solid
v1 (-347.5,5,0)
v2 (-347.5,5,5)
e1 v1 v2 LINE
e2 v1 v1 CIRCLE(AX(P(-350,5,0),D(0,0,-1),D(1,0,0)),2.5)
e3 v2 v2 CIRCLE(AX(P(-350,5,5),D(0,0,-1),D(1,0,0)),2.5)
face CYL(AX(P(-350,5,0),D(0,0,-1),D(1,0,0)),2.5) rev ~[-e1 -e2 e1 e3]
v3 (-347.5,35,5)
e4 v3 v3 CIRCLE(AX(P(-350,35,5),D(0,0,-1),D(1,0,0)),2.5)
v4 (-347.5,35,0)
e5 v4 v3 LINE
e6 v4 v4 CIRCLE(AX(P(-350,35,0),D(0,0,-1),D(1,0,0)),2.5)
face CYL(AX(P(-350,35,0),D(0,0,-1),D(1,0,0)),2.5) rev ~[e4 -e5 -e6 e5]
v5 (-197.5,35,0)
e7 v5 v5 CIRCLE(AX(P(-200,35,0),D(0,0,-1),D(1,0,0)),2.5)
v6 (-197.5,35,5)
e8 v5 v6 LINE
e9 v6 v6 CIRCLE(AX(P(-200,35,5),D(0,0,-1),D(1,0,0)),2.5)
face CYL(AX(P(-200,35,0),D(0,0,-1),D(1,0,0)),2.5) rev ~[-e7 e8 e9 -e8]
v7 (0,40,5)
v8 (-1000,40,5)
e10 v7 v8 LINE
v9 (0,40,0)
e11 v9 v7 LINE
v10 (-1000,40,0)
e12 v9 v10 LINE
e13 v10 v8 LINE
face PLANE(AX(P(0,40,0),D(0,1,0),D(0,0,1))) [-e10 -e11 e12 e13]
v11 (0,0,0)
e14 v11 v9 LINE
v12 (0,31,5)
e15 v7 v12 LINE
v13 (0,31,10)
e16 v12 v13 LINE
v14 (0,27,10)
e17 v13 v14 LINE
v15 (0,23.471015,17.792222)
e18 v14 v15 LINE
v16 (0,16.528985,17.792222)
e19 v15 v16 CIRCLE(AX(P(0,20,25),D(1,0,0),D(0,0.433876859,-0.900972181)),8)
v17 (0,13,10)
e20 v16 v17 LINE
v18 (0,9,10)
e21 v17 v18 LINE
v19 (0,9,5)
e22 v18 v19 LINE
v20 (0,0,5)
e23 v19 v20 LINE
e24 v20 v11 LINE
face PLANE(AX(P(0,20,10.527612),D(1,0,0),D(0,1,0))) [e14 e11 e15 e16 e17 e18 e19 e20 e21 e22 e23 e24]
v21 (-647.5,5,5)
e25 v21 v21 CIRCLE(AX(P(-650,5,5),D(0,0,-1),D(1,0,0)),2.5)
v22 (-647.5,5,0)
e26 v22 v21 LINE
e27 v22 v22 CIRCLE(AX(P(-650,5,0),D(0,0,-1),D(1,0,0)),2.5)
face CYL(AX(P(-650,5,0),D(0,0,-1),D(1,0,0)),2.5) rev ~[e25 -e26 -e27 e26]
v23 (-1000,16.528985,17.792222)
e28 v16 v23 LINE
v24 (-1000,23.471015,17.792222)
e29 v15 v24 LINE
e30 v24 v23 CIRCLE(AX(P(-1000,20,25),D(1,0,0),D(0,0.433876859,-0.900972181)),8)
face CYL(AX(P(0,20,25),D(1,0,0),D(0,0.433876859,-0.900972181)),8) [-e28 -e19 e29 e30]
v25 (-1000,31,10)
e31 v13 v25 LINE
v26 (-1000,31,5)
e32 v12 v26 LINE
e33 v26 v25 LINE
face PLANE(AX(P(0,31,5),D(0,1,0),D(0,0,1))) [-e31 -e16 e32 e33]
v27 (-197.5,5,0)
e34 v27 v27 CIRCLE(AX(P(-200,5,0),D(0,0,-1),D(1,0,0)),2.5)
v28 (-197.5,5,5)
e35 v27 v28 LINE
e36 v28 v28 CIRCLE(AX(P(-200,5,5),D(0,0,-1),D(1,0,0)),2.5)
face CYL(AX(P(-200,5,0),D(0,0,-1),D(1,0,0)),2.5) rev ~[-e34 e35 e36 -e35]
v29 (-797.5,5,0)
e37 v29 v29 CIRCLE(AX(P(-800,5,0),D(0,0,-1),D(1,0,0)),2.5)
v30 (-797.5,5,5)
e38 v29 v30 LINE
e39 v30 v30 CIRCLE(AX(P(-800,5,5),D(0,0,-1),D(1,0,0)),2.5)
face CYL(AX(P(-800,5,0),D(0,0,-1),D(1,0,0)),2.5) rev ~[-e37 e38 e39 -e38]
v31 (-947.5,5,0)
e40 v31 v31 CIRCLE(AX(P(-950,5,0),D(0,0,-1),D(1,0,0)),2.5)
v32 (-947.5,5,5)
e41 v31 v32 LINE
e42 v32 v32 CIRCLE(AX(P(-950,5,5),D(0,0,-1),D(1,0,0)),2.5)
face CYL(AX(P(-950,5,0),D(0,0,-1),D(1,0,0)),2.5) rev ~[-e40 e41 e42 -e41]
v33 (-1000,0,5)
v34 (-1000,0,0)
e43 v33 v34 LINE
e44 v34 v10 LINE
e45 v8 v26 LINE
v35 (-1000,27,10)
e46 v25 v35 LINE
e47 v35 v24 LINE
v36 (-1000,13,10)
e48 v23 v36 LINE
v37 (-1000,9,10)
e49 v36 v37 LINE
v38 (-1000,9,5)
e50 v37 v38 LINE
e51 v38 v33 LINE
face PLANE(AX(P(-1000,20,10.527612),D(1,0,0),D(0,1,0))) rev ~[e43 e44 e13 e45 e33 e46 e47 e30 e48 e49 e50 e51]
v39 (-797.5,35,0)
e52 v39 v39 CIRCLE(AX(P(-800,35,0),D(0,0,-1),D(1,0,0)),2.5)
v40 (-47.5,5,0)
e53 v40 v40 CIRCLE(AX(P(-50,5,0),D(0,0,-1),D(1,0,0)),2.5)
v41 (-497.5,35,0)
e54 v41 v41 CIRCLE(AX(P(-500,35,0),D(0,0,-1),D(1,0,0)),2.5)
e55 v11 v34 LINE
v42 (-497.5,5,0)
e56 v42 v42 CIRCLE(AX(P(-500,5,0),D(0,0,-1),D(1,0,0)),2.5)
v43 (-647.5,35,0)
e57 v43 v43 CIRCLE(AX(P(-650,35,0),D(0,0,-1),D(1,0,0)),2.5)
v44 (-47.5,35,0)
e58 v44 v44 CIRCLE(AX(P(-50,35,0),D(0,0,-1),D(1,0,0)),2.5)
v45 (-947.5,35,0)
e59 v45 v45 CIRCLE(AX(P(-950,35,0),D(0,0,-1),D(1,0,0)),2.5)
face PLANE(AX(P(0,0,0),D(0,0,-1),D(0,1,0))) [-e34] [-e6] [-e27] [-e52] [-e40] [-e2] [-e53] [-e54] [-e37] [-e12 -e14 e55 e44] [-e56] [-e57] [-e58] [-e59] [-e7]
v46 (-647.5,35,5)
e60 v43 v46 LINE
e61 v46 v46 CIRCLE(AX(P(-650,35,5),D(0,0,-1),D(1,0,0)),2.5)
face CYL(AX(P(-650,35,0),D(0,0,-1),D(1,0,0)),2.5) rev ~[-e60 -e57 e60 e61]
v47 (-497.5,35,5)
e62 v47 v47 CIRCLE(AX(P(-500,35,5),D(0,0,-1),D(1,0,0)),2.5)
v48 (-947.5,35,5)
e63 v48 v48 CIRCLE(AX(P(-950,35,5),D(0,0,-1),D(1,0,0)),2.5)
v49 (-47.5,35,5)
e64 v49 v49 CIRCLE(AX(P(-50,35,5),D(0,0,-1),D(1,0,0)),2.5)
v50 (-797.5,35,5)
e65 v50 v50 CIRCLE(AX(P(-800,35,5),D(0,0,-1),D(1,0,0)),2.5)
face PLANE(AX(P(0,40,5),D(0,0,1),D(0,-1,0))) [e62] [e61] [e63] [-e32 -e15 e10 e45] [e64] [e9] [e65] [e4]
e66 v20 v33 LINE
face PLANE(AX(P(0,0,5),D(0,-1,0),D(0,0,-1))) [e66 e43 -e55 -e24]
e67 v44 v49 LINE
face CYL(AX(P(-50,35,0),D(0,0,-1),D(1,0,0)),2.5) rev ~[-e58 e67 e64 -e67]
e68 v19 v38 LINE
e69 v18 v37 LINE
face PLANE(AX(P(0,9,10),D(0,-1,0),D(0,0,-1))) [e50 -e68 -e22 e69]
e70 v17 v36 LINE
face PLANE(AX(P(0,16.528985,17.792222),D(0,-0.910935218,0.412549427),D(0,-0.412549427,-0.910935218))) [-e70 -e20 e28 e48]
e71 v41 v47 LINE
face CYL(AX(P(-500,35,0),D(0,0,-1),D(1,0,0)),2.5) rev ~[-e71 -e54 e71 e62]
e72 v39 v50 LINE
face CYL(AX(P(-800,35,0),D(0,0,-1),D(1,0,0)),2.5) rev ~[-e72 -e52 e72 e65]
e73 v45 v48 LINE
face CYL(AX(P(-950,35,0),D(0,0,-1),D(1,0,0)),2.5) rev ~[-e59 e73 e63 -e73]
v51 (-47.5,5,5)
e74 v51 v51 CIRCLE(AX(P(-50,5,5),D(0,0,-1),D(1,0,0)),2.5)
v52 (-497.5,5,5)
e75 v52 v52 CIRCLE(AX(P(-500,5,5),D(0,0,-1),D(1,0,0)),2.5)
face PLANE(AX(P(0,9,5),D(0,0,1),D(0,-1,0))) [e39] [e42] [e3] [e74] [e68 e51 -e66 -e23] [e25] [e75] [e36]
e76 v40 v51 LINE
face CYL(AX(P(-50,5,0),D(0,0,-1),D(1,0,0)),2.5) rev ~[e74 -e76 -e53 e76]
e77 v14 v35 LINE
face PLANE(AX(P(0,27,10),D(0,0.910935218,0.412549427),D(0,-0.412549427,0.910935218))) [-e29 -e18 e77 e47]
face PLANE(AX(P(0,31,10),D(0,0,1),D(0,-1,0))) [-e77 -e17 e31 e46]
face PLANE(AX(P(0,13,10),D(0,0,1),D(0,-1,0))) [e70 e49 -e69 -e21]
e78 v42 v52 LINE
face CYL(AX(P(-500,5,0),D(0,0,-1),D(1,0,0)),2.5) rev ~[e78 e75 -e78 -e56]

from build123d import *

# Parameters (mm, degrees)
F1_DEPTH = 1000
F2_R     = 2.5
F3_DEPTH = 33.001


with BuildPart() as f1:
    # F0 (on Right) → F1 (new body)
    with BuildSketch(Plane.YZ):
        with BuildLine():
            Line((0, 5), (0, 0))
            Line((0, 0), (40, 0))
            Line((40, 0), (40, 5))
            Line((40, 5), (31, 5))
            Line((31, 5), (31, 10))
            Line((31, 10), (27, 10))
            Line((27, 10), (23.471015, 17.792222))
            ThreePointArc((23.471015, 17.792222), (20, 33), (16.528985, 17.792222))
            Line((16.528985, 17.792222), (13, 10))
            Line((13, 10), (9, 10))
            Line((9, 10), (9, 5))
            Line((9, 5), (0, 5))
        make_face()
    extrude(amount=-F1_DEPTH)

    # F2 (on face) → F3 (cut, through all)
    with BuildSketch(Plane(origin=(0, 0, 0), x_dir=(1, 0, 0), z_dir=(0, 0, -1))):
        with Locations((-50, -5)):
            Circle(F2_R)
        with Locations((-200, -5)):
            Circle(F2_R)
        with Locations((-350, -5)):
            Circle(F2_R)
        with Locations((-500, -5)):
            Circle(F2_R)
        with Locations((-650, -5)):
            Circle(F2_R)
        with Locations((-800, -5)):
            Circle(F2_R)
        with Locations((-950, -5)):
            Circle(F2_R)
        with Locations((-950, -35)):
            Circle(F2_R)
        with Locations((-800, -35)):
            Circle(F2_R)
        with Locations((-650, -35)):
            Circle(F2_R)
        with Locations((-500, -35)):
            Circle(F2_R)
        with Locations((-350, -35)):
            Circle(F2_R)
        with Locations((-200, -35)):
            Circle(F2_R)
        with Locations((-50, -35)):
            Circle(F2_R)
    extrude(amount=-F3_DEPTH, mode=Mode.SUBTRACT)


solid = f1.part
